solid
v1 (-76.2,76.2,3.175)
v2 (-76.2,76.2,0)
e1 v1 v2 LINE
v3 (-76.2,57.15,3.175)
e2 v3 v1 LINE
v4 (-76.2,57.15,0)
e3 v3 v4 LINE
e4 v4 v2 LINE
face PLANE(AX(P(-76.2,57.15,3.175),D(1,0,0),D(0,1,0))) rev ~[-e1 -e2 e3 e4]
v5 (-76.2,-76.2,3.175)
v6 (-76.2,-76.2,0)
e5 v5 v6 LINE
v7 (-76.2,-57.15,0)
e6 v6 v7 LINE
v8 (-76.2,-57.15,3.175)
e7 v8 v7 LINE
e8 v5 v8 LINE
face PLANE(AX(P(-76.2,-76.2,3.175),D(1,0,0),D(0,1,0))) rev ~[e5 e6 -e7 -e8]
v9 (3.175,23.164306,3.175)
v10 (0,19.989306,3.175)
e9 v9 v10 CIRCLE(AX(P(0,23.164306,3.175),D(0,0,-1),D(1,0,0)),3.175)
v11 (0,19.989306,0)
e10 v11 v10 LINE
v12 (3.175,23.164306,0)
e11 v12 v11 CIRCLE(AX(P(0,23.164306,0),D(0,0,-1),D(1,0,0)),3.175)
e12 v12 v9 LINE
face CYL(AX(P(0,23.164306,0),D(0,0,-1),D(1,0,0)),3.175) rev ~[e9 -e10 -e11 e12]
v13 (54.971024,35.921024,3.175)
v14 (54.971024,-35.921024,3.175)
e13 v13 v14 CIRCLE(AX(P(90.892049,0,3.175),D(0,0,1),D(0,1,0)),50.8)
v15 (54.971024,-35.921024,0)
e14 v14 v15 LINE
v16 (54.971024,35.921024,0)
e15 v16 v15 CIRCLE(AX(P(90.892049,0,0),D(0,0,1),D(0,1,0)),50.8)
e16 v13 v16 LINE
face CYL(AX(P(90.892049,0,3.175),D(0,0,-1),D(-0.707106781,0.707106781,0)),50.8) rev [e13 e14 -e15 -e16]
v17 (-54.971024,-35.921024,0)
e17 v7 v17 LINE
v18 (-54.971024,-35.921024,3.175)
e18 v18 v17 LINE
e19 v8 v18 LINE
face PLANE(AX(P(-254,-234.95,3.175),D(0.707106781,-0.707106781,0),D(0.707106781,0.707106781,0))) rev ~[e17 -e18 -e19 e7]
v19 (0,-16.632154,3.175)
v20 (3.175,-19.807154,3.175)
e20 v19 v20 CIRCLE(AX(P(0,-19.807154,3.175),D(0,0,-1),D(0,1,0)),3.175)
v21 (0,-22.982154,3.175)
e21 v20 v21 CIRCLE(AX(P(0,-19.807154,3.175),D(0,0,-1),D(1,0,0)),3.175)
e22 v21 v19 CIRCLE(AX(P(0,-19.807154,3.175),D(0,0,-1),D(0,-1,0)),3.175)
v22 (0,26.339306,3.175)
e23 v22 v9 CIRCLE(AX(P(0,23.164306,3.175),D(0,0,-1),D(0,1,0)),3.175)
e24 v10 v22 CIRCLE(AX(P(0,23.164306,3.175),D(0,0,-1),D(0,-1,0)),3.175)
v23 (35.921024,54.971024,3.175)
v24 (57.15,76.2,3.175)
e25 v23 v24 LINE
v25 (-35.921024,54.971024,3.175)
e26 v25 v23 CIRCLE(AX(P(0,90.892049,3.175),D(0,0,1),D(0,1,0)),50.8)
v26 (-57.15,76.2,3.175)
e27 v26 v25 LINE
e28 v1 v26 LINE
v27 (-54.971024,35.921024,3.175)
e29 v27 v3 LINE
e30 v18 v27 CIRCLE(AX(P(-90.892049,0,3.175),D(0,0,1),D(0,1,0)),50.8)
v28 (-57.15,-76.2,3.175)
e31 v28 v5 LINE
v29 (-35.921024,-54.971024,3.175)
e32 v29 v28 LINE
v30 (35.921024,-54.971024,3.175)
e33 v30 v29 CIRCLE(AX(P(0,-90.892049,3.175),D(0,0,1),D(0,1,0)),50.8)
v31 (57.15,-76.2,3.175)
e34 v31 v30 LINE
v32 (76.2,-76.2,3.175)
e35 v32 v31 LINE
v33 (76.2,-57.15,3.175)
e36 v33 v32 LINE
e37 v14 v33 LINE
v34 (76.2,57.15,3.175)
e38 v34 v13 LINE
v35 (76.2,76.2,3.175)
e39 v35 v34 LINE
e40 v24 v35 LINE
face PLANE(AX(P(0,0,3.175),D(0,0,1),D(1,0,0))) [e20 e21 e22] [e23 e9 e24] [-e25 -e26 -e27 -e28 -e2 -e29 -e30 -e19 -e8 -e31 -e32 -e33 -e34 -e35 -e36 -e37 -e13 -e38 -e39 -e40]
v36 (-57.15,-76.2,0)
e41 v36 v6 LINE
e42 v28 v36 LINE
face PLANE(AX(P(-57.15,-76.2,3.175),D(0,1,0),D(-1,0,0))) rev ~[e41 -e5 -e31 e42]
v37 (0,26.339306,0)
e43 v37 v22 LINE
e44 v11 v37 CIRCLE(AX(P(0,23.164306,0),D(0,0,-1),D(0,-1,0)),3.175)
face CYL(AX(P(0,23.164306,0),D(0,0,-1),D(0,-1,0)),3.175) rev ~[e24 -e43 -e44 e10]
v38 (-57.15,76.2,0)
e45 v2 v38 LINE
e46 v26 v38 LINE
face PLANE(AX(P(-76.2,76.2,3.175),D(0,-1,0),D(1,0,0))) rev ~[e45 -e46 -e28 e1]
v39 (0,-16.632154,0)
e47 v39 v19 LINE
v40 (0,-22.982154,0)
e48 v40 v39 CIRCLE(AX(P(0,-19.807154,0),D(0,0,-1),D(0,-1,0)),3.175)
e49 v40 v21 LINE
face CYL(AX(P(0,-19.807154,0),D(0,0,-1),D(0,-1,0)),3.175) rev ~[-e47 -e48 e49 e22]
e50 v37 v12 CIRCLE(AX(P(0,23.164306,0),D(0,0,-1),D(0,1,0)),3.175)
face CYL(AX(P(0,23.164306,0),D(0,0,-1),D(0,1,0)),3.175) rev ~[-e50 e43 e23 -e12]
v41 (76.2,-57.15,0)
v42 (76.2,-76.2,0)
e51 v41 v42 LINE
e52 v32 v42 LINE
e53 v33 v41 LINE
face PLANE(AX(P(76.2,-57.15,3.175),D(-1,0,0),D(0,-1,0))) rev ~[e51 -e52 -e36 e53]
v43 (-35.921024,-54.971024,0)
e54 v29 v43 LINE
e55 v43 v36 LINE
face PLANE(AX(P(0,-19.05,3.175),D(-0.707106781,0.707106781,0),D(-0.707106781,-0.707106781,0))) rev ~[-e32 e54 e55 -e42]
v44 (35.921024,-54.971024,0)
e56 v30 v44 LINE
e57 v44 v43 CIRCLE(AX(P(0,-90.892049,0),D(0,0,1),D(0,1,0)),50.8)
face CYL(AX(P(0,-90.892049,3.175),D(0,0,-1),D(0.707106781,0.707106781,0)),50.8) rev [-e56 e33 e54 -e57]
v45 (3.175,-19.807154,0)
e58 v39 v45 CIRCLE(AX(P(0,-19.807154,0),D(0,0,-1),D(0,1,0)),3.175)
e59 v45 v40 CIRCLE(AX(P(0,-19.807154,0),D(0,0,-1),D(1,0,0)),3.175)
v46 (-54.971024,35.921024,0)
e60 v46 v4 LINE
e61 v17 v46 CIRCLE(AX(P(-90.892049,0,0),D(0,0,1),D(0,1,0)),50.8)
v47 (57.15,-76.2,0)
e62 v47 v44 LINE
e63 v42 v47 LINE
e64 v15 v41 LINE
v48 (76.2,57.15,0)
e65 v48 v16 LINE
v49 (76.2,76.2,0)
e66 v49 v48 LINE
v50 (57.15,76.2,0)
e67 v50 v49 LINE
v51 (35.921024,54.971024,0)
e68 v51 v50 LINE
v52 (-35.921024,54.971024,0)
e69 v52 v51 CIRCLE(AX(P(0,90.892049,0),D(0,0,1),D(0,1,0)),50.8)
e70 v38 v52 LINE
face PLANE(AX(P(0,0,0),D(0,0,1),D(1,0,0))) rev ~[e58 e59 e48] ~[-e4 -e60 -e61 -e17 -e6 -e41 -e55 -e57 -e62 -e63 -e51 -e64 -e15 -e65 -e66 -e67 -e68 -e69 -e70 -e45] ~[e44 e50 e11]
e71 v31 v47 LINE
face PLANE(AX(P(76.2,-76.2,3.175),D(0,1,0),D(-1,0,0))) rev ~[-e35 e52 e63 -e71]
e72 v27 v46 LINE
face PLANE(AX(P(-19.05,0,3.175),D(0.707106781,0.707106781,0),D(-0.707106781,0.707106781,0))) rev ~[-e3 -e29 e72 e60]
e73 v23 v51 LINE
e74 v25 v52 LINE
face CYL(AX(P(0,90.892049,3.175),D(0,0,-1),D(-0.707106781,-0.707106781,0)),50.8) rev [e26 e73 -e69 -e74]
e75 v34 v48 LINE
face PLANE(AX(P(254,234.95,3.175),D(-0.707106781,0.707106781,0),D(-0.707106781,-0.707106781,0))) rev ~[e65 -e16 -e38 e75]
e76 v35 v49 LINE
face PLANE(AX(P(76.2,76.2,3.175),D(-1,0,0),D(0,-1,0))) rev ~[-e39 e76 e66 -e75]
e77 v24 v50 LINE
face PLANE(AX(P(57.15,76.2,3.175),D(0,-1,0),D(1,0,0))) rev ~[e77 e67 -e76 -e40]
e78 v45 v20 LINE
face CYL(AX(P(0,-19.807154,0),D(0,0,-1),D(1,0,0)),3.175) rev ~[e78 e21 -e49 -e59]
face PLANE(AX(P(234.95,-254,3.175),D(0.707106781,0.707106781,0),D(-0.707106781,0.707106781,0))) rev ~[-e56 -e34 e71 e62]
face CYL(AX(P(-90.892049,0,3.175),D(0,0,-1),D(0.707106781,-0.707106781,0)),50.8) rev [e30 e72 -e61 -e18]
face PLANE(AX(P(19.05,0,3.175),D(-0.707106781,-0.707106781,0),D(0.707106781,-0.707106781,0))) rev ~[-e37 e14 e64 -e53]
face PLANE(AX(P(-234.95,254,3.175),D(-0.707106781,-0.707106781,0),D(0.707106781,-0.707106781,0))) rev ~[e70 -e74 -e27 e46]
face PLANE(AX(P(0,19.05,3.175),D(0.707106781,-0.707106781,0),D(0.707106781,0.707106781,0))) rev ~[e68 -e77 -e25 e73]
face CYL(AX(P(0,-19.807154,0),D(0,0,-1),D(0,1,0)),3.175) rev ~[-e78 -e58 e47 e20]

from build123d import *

# Parameters (mm, degrees)
F0_W     = 508
F0_H     = 508
F1_DEPTH = 3.175
F3_DEPTH = 3.176
F4_R     = 50.8
F6_DEPTH = 3.176
F7_R     = 1.5875
F8_DEPTH = 3.176


with BuildPart() as f1:
    # F0 (on Top) → F1 (new body)
    with BuildSketch(Plane.XY):
        Rectangle(F0_W, F0_H)
    extrude(amount=F1_DEPTH)

    # F2 (on face) → F3 (cut, through all)
    with BuildSketch(Plane.XY.offset(3.175)):
        Polygon((-19.05, 0), (-254, 234.95), (-254, -234.95), align=None)
        Polygon((-234.95, 254), (0, 19.05), (234.95, 254), align=None)
        Polygon((254, -234.95), (254, 234.95), (19.05, 0), align=None)
        Polygon((-234.95, -254), (234.95, -254), (0, -19.05), align=None)
    extrude(amount=-F3_DEPTH, mode=Mode.SUBTRACT)

    # F4
    f4_edges = [f1.edges().sort_by_distance(p)[0] for p in [
        (-19.05, 0, 1.5875),
        (0, -19.05, 1.5875),
        (19.05, 0, 1.5875),
        (0, 19.05, 1.5875),
    ]]
    fillet(f4_edges, radius=F4_R)

    # F5 (on face) → F6 (cut, through all)
    with BuildSketch(Plane(origin=(0, 0, 0), x_dir=(1, 0, 0), z_dir=(0, 0, -1))):
        with BuildLine():
            ThreePointArc((-235.2896751078, -247.0952381308), (-235.8602181666, -247.0987727715), (-236.3926626451, -247.3037965579))
            Line((-236.3926626451, -247.3037965579), (-235.5652720105, -248.6586327059))
            Line((-235.5652720105, -248.6586327059), (-235.2896751078, -247.0952381308))
        make_face()
        with BuildLine():
            Line((-235.5652720105, -248.6586327059), (-236.3926626451, -247.3037965579))
            ThreePointArc((-236.3926626451, -247.3037965579), (-236.8182319942, -247.6838262999), (-237.0819548651, -248.189773059))
            Line((-237.0819548651, -248.189773059), (-235.5652720105, -248.6586327059))
        make_face()
        with BuildLine():
            ThreePointArc((-233.9777720105, -248.6586327059), (-234.3491991646, -247.6381803143), (-235.2896751078, -247.0952381308))
            Line((-235.2896751078, -247.0952381308), (-235.5652720105, -248.6586327059))
            Line((-235.5652720105, -248.6586327059), (-237.0819548651, -248.189773059))
            ThreePointArc((-237.0819548651, -248.189773059), (-235.8023608316, -250.2283285811), (-233.9777720105, -248.6586327059))
        make_face()
        with BuildLine():
            Line((-247.6987348476, -244.9077555312), (-247.423137945, -243.3443609562))
            ThreePointArc((-247.423137945, -243.3443609562), (-249.0535709955, -245.7351461659), (-246.182051993, -245.376615178))
            Line((-246.182051993, -245.376615178), (-247.6987348476, -244.9077555312))
        make_face()
        with BuildLine():
            ThreePointArc((-244.6665689917, -233.7554350788), (-244.2409996426, -233.3754053369), (-243.9772767717, -232.8694585778))
            Line((-243.9772767717, -232.8694585778), (-245.4939596263, -232.4005989309))
            Line((-245.4939596263, -232.4005989309), (-244.6665689917, -233.7554350788))
        make_face()
        with BuildLine():
            ThreePointArc((-245.769556529, -233.963993506), (-245.1990134701, -233.9604588653), (-244.6665689917, -233.7554350788))
            Line((-244.6665689917, -233.7554350788), (-245.4939596263, -232.4005989309))
            Line((-245.4939596263, -232.4005989309), (-245.769556529, -233.963993506))
        make_face()
        with BuildLine():
            Line((-245.4939596263, -232.4005989309), (-243.9772767717, -232.8694585778))
            ThreePointArc((-243.9772767717, -232.8694585778), (-243.9242637511, -232.6376877521), (-243.9064596263, -232.4005989309))
            ThreePointArc((-243.9064596263, -232.4005989309), (-246.5144120179, -231.1845260851), (-245.769556529, -233.963993506))
            Line((-245.769556529, -233.963993506), (-245.4939596263, -232.4005989309))
        make_face()
        with BuildLine():
            ThreePointArc((-231.7729967892, -236.1514761056), (-233.123407968, -234.5817802303), (-234.8771796438, -235.6826164588))
            Line((-234.8771796438, -235.6826164588), (-233.3604967892, -236.1514761056))
            Line((-233.3604967892, -236.1514761056), (-233.6360936918, -237.7148706806))
            ThreePointArc((-233.6360936918, -237.7148706806), (-232.3400443976, -237.3675489515), (-231.7729967892, -236.1514761056))
        make_face()
        with BuildLine():
            Line((-233.3604967892, -236.1514761056), (-234.8771796438, -235.6826164588))
            ThreePointArc((-234.8771796438, -235.6826164588), (-234.7153329371, -236.9788667402), (-233.6360936918, -237.7148706806))
            Line((-233.6360936918, -237.7148706806), (-233.3604967892, -236.1514761056))
        make_face()
        with BuildLine():
            ThreePointArc((-246.1112348476, -244.9077555312), (-246.4826620017, -243.8873031396), (-247.423137945, -243.3443609562))
            Line((-247.423137945, -243.3443609562), (-247.6987348476, -244.9077555312))
            Line((-247.6987348476, -244.9077555312), (-246.182051993, -245.376615178))
            ThreePointArc((-246.182051993, -245.376615178), (-246.1290389723, -245.1448443524), (-246.1112348476, -244.9077555312))
        make_face()
        with BuildLine():
            Line((-233.3604967892, 244.9077555312), (-233.6360936918, 243.3443609562))
            ThreePointArc((-233.6360936918, 243.3443609562), (-232.3400443976, 243.6916826853), (-231.7729967892, 244.9077555312))
            ThreePointArc((-231.7729967892, 244.9077555312), (-233.123407968, 246.4774514065), (-234.8771796438, 245.376615178))
            Line((-234.8771796438, 245.376615178), (-233.3604967892, 244.9077555312))
        make_face()
        with BuildLine():
            ThreePointArc((-234.8771796438, 245.376615178), (-234.7153329371, 244.0803648965), (-233.6360936918, 243.3443609562))
            Line((-233.6360936918, 243.3443609562), (-233.3604967892, 244.9077555312))
            Line((-233.3604967892, 244.9077555312), (-234.8771796438, 245.376615178))
        make_face()
        with BuildLine():
            Line((-245.4939596263, 248.6586327059), (-244.6665689917, 247.3037965579))
            ThreePointArc((-244.6665689917, 247.3037965579), (-244.2409996426, 247.6838262999), (-243.9772767717, 248.189773059))
            Line((-243.9772767717, 248.189773059), (-245.4939596263, 248.6586327059))
        make_face()
        with BuildLine():
            ThreePointArc((-245.769556529, 247.0952381308), (-245.1990134701, 247.0987727715), (-244.6665689917, 247.3037965579))
            Line((-244.6665689917, 247.3037965579), (-245.4939596263, 248.6586327059))
            Line((-245.4939596263, 248.6586327059), (-245.769556529, 247.0952381308))
        make_face()
        with BuildLine():
            ThreePointArc((-243.9064596263, 248.6586327059), (-246.5144120179, 249.8747055517), (-245.769556529, 247.0952381308))
            Line((-245.769556529, 247.0952381308), (-245.4939596263, 248.6586327059))
            Line((-245.4939596263, 248.6586327059), (-243.9772767717, 248.189773059))
            ThreePointArc((-243.9772767717, 248.189773059), (-243.9242637511, 248.4215438847), (-243.9064596263, 248.6586327059))
        make_face()
        with BuildLine():
            ThreePointArc((-246.1112348476, 236.1514761056), (-246.4826620017, 237.1719284972), (-247.423137945, 237.7148706806))
            Line((-247.423137945, 237.7148706806), (-247.6987348476, 236.1514761056))
            Line((-247.6987348476, 236.1514761056), (-246.182051993, 235.6826164588))
            ThreePointArc((-246.182051993, 235.6826164588), (-246.1290389723, 235.9143872844), (-246.1112348476, 236.1514761056))
        make_face()
        with BuildLine():
            Line((-247.6987348476, 236.1514761056), (-247.423137945, 237.7148706806))
            ThreePointArc((-247.423137945, 237.7148706806), (-249.0535709955, 235.3240854709), (-246.182051993, 235.6826164588))
            Line((-246.182051993, 235.6826164588), (-247.6987348476, 236.1514761056))
        make_face()
        with BuildLine():
            ThreePointArc((-233.9777720105, 232.4005989309), (-234.3491991646, 233.4210513225), (-235.2896751078, 233.963993506))
            Line((-235.2896751078, 233.963993506), (-235.5652720105, 232.4005989309))
            Line((-235.5652720105, 232.4005989309), (-237.0819548651, 232.8694585778))
            ThreePointArc((-237.0819548651, 232.8694585778), (-235.8023608316, 230.8309030557), (-233.9777720105, 232.4005989309))
        make_face()
        with BuildLine():
            Line((-235.5652720105, 232.4005989309), (-235.2896751078, 233.963993506))
            ThreePointArc((-235.2896751078, 233.963993506), (-235.8602181666, 233.9604588653), (-236.3926626451, 233.7554350788))
            Line((-236.3926626451, 233.7554350788), (-235.5652720105, 232.4005989309))
        make_face()
        with BuildLine():
            Line((-235.5652720105, 232.4005989309), (-236.3926626451, 233.7554350788))
            ThreePointArc((-236.3926626451, 233.7554350788), (-236.8182319942, 233.3754053369), (-237.0819548651, 232.8694585778))
            Line((-237.0819548651, 232.8694585778), (-235.5652720105, 232.4005989309))
        make_face()
        with BuildLine():
            Line((247.6987348476, 244.9077555312), (247.423137945, 243.3443609562))
            ThreePointArc((247.423137945, 243.3443609562), (248.7191872392, 243.6916826853), (249.2862348476, 244.9077555312))
            ThreePointArc((249.2862348476, 244.9077555312), (247.9358236688, 246.4774514065), (246.182051993, 245.376615178))
            Line((246.182051993, 245.376615178), (247.6987348476, 244.9077555312))
        make_face()
        with BuildLine():
            ThreePointArc((246.182051993, 245.376615178), (246.3438986997, 244.0803648965), (247.423137945, 243.3443609562))
            Line((247.423137945, 243.3443609562), (247.6987348476, 244.9077555312))
            Line((247.6987348476, 244.9077555312), (246.182051993, 245.376615178))
        make_face()
        with BuildLine():
            ThreePointArc((245.769556529, 233.963993506), (245.1990134701, 233.9604588653), (244.6665689917, 233.7554350788))
            Line((244.6665689917, 233.7554350788), (245.4939596263, 232.4005989309))
            Line((245.4939596263, 232.4005989309), (245.769556529, 233.963993506))
        make_face()
        with BuildLine():
            Line((245.4939596263, 232.4005989309), (243.9772767717, 232.8694585778))
            ThreePointArc((243.9772767717, 232.8694585778), (245.2568708052, 230.8309030557), (247.0814596263, 232.4005989309))
            ThreePointArc((247.0814596263, 232.4005989309), (246.7100324722, 233.4210513225), (245.769556529, 233.963993506))
            Line((245.769556529, 233.963993506), (245.4939596263, 232.4005989309))
        make_face()
        with BuildLine():
            ThreePointArc((244.6665689917, 233.7554350788), (244.2409996426, 233.3754053369), (243.9772767717, 232.8694585778))
            Line((243.9772767717, 232.8694585778), (245.4939596263, 232.4005989309))
            Line((245.4939596263, 232.4005989309), (244.6665689917, 233.7554350788))
        make_face()
        with BuildLine():
            ThreePointArc((233.6360936918, 237.7148706806), (232.0056606413, 235.3240854709), (234.8771796438, 235.6826164588))
            Line((234.8771796438, 235.6826164588), (233.3604967892, 236.1514761056))
            Line((233.3604967892, 236.1514761056), (233.6360936918, 237.7148706806))
        make_face()
        with BuildLine():
            Line((233.3604967892, 236.1514761056), (234.8771796438, 235.6826164588))
            ThreePointArc((234.8771796438, 235.6826164588), (234.9301926645, 235.9143872844), (234.9479967892, 236.1514761056))
            ThreePointArc((234.9479967892, 236.1514761056), (234.5765696351, 237.1719284972), (233.6360936918, 237.7148706806))
            Line((233.6360936918, 237.7148706806), (233.3604967892, 236.1514761056))
        make_face()
        with BuildLine():
            ThreePointArc((235.2896751078, 247.0952381308), (235.8602181666, 247.0987727715), (236.3926626451, 247.3037965579))
            Line((236.3926626451, 247.3037965579), (235.5652720105, 248.6586327059))
            Line((235.5652720105, 248.6586327059), (235.2896751078, 247.0952381308))
        make_face()
        with BuildLine():
            Line((235.5652720105, 248.6586327059), (236.3926626451, 247.3037965579))
            ThreePointArc((236.3926626451, 247.3037965579), (236.8182319942, 247.6838262999), (237.0819548651, 248.189773059))
            Line((237.0819548651, 248.189773059), (235.5652720105, 248.6586327059))
        make_face()
        with BuildLine():
            ThreePointArc((237.1527720105, 248.6586327059), (234.5448196189, 249.8747055517), (235.2896751078, 247.0952381308))
            Line((235.2896751078, 247.0952381308), (235.5652720105, 248.6586327059))
            Line((235.5652720105, 248.6586327059), (237.0819548651, 248.189773059))
            ThreePointArc((237.0819548651, 248.189773059), (237.1349678857, 248.4215438847), (237.1527720105, 248.6586327059))
        make_face()
        with BuildLine():
            ThreePointArc((247.0814596263, -248.6586327059), (246.7100324722, -247.6381803143), (245.769556529, -247.0952381308))
            Line((245.769556529, -247.0952381308), (245.4939596263, -248.6586327059))
            Line((245.4939596263, -248.6586327059), (243.9772767717, -248.189773059))
            ThreePointArc((243.9772767717, -248.189773059), (245.2568708052, -250.2283285811), (247.0814596263, -248.6586327059))
        make_face()
        with BuildLine():
            Line((245.4939596263, -248.6586327059), (244.6665689917, -247.3037965579))
            ThreePointArc((244.6665689917, -247.3037965579), (244.2409996426, -247.6838262999), (243.9772767717, -248.189773059))
            Line((243.9772767717, -248.189773059), (245.4939596263, -248.6586327059))
        make_face()
        with BuildLine():
            ThreePointArc((245.769556529, -247.0952381308), (245.1990134701, -247.0987727715), (244.6665689917, -247.3037965579))
            Line((244.6665689917, -247.3037965579), (245.4939596263, -248.6586327059))
            Line((245.4939596263, -248.6586327059), (245.769556529, -247.0952381308))
        make_face()
        with BuildLine():
            ThreePointArc((234.9479967892, -244.9077555312), (234.5765696351, -243.8873031396), (233.6360936918, -243.3443609562))
            Line((233.6360936918, -243.3443609562), (233.3604967892, -244.9077555312))
            Line((233.3604967892, -244.9077555312), (234.8771796438, -245.376615178))
            ThreePointArc((234.8771796438, -245.376615178), (234.9301926645, -245.1448443524), (234.9479967892, -244.9077555312))
        make_face()
        with BuildLine():
            Line((233.3604967892, -244.9077555312), (233.6360936918, -243.3443609562))
            ThreePointArc((233.6360936918, -243.3443609562), (232.0056606413, -245.7351461659), (234.8771796438, -245.376615178))
            Line((234.8771796438, -245.376615178), (233.3604967892, -244.9077555312))
        make_face()
        with BuildLine():
            Line((235.5652720105, -232.4005989309), (235.2896751078, -233.963993506))
            ThreePointArc((235.2896751078, -233.963993506), (235.8602181666, -233.9604588653), (236.3926626451, -233.7554350788))
            Line((236.3926626451, -233.7554350788), (235.5652720105, -232.4005989309))
        make_face()
        with BuildLine():
            Line((235.5652720105, -232.4005989309), (236.3926626451, -233.7554350788))
            ThreePointArc((236.3926626451, -233.7554350788), (236.8182319942, -233.3754053369), (237.0819548651, -232.8694585778))
            Line((237.0819548651, -232.8694585778), (235.5652720105, -232.4005989309))
        make_face()
        with BuildLine():
            ThreePointArc((237.1527720105, -232.4005989309), (234.5448196189, -231.1845260851), (235.2896751078, -233.963993506))
            Line((235.2896751078, -233.963993506), (235.5652720105, -232.4005989309))
            Line((235.5652720105, -232.4005989309), (237.0819548651, -232.8694585778))
            ThreePointArc((237.0819548651, -232.8694585778), (237.1349678857, -232.6376877521), (237.1527720105, -232.4005989309))
        make_face()
        with BuildLine():
            ThreePointArc((246.182051993, -235.6826164588), (246.3438986997, -236.9788667402), (247.423137945, -237.7148706806))
            Line((247.423137945, -237.7148706806), (247.6987348476, -236.1514761056))
            Line((247.6987348476, -236.1514761056), (246.182051993, -235.6826164588))
        make_face()
        with BuildLine():
            Line((247.6987348476, -236.1514761056), (247.423137945, -237.7148706806))
            ThreePointArc((247.423137945, -237.7148706806), (248.7191872392, -237.3675489515), (249.2862348476, -236.1514761056))
            ThreePointArc((249.2862348476, -236.1514761056), (247.9358236688, -234.5817802303), (246.182051993, -235.6826164588))
            Line((246.182051993, -235.6826164588), (247.6987348476, -236.1514761056))
        make_face()
        with BuildLine():
            Line((0, 22.9821543127), (0, 16.6321543127))
            ThreePointArc((0, 16.6321543127), (2.2450640303, 17.5620902825), (3.175, 19.8071543127))
            ThreePointArc((3.175, 19.8071543127), (2.2450640303, 22.052218343), (0, 22.9821543127))
        make_face()
        with BuildLine():
            Line((0, -26.339305836), (0, -19.989305836))
            ThreePointArc((0, -19.989305836), (-3.175, -23.164305836), (0, -26.339305836))
        make_face()
        with BuildLine():
            ThreePointArc((3.175, -23.164305836), (2.2450640303, -20.9192418057), (0, -19.989305836))
            Line((0, -19.989305836), (0, -26.339305836))
            ThreePointArc((0, -26.339305836), (2.2450640303, -25.4093698662), (3.175, -23.164305836))
        make_face()
        with BuildLine():
            ThreePointArc((0, 22.9821543127), (-3.175, 19.8071543127), (0, 16.6321543127))
            Line((0, 16.6321543127), (0, 22.9821543127))
        make_face()
    extrude(amount=-F6_DEPTH, mode=Mode.SUBTRACT)

    # F7 (on face) → F8 (cut, through all)
    with BuildSketch(Plane.XY.offset(3.175)):
        Polygon((-76.2, 76.2), (-57.15, 76.2), (-234.95, 254), (-254, 254), (-254, 234.95), (-76.2, 57.15), align=None)
        with Locations((-245.4939596263, 232.4005989309)):
            Circle(F7_R, mode=Mode.SUBTRACT)
        with Locations((-233.3604967892, 236.1514761056)):
            Circle(F7_R, mode=Mode.SUBTRACT)
        with Locations((-247.6987348476, 244.9077555312)):
            Circle(F7_R, mode=Mode.SUBTRACT)
        with Locations((-235.5652720105, 248.6586327059)):
            Circle(F7_R, mode=Mode.SUBTRACT)
        Polygon((57.15, 76.2), (76.2, 76.2), (76.2, 57.15), (254, 234.95), (254, 254), (234.95, 254), align=None)
        with Locations((235.5652720105, 232.4005989309)):
            Circle(F7_R, mode=Mode.SUBTRACT)
        with Locations((247.6987348476, 236.1514761056)):
            Circle(F7_R, mode=Mode.SUBTRACT)
        with Locations((233.3604967892, 244.9077555312)):
            Circle(F7_R, mode=Mode.SUBTRACT)
        with Locations((245.4939596263, 248.6586327059)):
            Circle(F7_R, mode=Mode.SUBTRACT)
        Polygon((254, -234.95), (76.2, -57.15), (76.2, -76.2), (57.15, -76.2), (234.95, -254), (254, -254), align=None)
        with Locations((235.5652720105, -248.6586327059)):
            Circle(F7_R, mode=Mode.SUBTRACT)
        with Locations((247.6987348476, -244.9077555312)):
            Circle(F7_R, mode=Mode.SUBTRACT)
        with Locations((233.3604967892, -236.1514761056)):
            Circle(F7_R, mode=Mode.SUBTRACT)
        with Locations((245.4939596263, -232.4005989309)):
            Circle(F7_R, mode=Mode.SUBTRACT)
        Polygon((-76.2, -76.2), (-76.2, -57.15), (-254, -234.95), (-254, -254), (-234.95, -254), (-57.15, -76.2), align=None)
        with Locations((-245.4939596263, -248.6586327059)):
            Circle(F7_R, mode=Mode.SUBTRACT)
        with Locations((-233.3604967892, -244.9077555312)):
            Circle(F7_R, mode=Mode.SUBTRACT)
        with Locations((-247.6987348476, -236.1514761056)):
            Circle(F7_R, mode=Mode.SUBTRACT)
        with Locations((-235.5652720105, -232.4005989309)):
            Circle(F7_R, mode=Mode.SUBTRACT)
    extrude(amount=-F8_DEPTH, mode=Mode.SUBTRACT)


solid = f1.part
